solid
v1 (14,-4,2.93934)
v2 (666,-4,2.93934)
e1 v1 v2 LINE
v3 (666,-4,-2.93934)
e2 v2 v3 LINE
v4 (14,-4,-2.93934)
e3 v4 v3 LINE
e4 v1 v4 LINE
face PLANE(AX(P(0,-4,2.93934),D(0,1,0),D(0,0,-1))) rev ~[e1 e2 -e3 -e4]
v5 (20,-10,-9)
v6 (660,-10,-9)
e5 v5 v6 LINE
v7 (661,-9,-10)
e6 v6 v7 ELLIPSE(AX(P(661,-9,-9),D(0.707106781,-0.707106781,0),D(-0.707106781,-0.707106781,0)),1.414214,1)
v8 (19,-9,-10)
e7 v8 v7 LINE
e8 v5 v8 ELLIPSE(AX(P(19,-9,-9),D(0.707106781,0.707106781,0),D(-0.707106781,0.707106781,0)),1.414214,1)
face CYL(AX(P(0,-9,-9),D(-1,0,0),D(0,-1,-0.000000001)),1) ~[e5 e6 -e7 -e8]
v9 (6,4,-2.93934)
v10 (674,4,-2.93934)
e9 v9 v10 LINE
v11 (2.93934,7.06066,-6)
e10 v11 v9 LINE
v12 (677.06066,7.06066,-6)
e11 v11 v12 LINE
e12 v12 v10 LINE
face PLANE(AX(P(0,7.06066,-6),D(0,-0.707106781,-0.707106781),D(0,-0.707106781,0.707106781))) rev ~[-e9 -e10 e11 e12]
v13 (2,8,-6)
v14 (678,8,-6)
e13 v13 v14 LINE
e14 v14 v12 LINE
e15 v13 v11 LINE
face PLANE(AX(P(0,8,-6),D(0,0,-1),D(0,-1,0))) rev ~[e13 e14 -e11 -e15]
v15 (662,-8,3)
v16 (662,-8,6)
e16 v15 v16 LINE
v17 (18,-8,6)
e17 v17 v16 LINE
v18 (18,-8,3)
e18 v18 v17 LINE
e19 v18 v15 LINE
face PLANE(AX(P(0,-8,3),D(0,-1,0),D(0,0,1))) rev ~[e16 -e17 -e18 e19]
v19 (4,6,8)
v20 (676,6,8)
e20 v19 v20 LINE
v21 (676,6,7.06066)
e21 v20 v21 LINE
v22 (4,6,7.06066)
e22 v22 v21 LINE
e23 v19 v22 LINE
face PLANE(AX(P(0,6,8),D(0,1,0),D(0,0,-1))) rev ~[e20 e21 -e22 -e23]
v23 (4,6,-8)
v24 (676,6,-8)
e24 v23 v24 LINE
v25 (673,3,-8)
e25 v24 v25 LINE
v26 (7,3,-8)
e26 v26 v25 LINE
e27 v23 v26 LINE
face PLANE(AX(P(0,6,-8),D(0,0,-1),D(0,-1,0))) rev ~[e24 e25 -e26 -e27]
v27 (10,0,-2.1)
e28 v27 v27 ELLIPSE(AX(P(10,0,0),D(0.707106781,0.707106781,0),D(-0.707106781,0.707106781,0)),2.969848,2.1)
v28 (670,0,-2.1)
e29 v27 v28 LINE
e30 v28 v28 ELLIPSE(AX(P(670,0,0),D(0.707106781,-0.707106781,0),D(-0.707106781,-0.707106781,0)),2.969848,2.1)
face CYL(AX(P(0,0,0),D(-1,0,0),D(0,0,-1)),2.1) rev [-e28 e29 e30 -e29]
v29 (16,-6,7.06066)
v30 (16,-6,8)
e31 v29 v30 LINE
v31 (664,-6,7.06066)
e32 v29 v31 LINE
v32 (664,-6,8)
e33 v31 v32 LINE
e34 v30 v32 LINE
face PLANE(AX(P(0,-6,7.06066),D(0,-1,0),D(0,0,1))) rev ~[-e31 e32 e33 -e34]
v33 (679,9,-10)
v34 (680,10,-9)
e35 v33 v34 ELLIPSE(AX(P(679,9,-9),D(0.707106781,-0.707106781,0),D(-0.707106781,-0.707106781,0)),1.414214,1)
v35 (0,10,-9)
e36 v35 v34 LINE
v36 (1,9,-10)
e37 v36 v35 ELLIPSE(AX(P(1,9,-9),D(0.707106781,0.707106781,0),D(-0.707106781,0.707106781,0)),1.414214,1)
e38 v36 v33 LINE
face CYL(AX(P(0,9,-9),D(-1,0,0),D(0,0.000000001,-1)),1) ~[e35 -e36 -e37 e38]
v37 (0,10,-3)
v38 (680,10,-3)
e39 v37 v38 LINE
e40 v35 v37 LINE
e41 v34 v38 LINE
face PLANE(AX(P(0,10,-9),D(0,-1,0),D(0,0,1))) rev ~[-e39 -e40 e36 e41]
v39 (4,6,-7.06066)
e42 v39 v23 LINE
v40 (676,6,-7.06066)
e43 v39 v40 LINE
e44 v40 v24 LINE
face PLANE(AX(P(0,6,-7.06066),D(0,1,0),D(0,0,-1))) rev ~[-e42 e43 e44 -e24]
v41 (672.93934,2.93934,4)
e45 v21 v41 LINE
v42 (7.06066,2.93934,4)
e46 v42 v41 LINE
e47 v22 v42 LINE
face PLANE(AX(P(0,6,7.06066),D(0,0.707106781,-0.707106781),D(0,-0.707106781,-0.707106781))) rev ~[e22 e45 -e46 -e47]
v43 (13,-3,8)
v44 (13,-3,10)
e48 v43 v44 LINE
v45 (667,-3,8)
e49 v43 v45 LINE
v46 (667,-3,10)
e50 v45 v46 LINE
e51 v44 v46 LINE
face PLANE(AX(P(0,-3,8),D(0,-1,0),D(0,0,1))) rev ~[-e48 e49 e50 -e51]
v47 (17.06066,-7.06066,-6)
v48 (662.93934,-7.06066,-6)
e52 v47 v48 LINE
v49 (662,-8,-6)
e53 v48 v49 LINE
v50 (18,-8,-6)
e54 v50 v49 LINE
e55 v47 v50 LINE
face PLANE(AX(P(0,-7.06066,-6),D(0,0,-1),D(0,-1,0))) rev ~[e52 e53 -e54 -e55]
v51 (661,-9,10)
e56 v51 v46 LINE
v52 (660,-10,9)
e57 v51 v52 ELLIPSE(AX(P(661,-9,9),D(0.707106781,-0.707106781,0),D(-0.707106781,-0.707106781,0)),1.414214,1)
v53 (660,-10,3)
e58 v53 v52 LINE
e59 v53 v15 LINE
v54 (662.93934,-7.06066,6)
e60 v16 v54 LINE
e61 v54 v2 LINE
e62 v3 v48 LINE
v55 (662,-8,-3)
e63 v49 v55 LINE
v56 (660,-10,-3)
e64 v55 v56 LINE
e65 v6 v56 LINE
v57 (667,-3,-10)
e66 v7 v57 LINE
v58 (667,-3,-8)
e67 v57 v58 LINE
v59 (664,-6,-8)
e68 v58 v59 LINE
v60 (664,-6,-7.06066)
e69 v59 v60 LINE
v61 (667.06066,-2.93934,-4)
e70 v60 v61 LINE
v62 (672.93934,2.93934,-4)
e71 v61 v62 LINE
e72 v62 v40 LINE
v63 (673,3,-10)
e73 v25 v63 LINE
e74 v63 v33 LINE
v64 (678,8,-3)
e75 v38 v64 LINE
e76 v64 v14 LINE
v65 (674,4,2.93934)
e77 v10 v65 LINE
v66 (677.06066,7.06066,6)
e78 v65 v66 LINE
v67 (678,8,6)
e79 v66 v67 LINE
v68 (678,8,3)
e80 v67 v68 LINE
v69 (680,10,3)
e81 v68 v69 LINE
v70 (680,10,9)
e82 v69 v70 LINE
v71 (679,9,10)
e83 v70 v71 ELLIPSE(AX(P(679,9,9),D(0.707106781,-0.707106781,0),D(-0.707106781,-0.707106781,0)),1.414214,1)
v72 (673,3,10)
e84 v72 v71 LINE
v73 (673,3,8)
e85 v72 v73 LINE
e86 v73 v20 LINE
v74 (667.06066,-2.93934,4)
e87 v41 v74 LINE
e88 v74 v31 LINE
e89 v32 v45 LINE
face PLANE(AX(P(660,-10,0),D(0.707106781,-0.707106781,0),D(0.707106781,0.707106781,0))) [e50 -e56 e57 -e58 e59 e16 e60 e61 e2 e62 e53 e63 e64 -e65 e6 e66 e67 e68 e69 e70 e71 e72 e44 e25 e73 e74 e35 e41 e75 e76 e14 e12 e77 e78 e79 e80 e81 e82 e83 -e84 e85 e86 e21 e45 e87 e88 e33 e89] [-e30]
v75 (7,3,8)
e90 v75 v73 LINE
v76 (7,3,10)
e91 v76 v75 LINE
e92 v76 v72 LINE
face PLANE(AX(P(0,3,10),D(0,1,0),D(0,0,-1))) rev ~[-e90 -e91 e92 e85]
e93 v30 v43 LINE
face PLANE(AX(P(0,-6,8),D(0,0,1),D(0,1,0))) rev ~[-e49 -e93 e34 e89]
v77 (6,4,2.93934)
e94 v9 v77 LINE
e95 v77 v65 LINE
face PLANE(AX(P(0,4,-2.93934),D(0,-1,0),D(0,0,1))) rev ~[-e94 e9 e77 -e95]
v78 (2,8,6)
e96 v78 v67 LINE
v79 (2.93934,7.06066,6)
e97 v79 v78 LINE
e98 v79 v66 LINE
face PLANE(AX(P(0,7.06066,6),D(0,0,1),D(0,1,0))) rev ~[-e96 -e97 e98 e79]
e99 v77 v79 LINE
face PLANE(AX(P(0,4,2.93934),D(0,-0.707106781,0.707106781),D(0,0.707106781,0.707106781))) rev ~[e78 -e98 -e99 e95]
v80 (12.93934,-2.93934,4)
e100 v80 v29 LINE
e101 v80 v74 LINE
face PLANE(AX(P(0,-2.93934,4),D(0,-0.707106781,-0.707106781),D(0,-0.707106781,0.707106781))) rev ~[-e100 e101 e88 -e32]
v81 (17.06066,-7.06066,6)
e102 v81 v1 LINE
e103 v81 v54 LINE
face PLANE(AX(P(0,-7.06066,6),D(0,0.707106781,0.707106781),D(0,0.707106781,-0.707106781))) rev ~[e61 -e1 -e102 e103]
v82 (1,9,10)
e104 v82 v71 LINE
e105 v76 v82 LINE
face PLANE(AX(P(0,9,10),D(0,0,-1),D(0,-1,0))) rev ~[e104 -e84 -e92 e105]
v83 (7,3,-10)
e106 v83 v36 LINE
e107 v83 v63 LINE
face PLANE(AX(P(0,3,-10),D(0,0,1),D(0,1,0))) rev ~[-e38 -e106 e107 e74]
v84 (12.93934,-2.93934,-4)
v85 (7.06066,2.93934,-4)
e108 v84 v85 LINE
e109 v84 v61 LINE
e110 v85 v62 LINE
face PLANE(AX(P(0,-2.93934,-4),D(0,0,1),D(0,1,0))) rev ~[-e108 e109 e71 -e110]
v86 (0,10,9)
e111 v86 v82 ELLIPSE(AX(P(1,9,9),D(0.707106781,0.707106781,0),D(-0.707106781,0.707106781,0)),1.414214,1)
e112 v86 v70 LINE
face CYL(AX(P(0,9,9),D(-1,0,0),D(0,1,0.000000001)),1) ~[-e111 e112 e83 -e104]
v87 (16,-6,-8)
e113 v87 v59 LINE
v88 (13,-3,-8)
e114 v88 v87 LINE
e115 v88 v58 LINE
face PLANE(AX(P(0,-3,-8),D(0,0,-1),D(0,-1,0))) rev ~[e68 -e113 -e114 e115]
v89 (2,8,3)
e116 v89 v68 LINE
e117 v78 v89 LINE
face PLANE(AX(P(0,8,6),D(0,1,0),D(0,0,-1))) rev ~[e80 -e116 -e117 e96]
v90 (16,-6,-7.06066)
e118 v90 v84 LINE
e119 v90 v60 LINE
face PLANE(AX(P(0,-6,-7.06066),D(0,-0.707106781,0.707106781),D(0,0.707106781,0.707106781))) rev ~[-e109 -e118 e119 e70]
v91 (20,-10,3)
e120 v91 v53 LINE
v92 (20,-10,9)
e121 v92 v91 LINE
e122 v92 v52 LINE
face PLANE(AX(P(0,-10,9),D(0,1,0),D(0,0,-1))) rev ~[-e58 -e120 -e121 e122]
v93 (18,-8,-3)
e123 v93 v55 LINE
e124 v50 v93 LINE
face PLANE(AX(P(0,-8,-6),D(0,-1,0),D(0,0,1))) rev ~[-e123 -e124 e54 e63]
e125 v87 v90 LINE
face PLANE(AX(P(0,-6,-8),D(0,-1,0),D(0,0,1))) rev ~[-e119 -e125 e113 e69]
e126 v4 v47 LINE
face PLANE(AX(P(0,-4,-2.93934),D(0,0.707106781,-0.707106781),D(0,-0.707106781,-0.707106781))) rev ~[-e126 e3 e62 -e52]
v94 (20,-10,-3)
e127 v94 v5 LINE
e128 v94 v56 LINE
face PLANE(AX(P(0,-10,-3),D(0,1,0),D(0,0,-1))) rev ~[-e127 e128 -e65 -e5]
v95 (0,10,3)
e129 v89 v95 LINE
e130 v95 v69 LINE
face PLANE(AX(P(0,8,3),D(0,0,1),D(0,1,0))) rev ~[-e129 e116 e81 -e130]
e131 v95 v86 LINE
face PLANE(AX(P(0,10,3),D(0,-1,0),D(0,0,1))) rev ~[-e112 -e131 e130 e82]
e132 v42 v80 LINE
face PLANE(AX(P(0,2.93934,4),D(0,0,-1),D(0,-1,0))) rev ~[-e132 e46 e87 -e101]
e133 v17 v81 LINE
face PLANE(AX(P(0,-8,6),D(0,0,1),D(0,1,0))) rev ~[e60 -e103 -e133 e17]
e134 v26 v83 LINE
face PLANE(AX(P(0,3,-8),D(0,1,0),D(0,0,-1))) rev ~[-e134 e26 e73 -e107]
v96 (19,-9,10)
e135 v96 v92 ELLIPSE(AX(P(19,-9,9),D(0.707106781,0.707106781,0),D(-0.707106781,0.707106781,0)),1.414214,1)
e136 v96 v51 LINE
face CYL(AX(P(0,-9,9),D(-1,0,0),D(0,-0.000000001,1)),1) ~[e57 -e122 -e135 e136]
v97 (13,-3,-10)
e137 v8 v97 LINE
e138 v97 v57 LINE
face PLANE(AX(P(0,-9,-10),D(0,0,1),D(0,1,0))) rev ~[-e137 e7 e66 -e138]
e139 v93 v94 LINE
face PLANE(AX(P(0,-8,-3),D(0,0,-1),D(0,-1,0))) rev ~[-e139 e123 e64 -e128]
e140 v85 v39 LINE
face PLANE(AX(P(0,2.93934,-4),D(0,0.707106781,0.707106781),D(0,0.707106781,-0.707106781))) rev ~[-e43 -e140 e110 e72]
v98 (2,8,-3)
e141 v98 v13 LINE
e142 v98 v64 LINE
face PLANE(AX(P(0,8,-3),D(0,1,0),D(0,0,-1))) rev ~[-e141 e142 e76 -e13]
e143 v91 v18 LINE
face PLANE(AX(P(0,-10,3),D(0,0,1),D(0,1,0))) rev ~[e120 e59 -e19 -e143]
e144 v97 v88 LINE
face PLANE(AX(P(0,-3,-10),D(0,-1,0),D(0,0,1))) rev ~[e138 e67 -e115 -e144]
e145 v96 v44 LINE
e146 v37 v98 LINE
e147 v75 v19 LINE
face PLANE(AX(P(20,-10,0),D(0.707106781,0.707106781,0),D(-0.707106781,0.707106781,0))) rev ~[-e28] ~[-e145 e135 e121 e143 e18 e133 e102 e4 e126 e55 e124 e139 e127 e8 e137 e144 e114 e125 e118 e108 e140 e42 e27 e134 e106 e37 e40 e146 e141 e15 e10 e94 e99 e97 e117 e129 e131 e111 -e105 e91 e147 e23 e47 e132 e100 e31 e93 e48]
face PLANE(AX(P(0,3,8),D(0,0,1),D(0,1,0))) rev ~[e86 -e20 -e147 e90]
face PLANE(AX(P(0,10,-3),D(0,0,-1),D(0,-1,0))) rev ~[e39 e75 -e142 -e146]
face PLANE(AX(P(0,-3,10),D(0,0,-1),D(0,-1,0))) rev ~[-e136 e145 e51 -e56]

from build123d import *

# Parameters (mm, degrees)
SKETCH1_R           = 2.1
BOSS_EXTRUDE1_DEPTH = 680
CUT_EXTRUDE1_DEPTH  = 10
CUT_EXTRUDE2_DEPTH  = 10


with BuildPart() as part:
    # Sketch1 → Boss-Extrude1 (new body)
    with BuildSketch(Plane(origin=(0, 0, 0), x_dir=(0, 0, -1), z_dir=(1, 0, 0))):
        with BuildLine():
            Line((-10, 9), (-10, 3))
            Line((-10, 3), (-8, 3))
            Line((-8, 3), (-8, 6))
            Line((-8, 6), (-7.060660172, 6))
            Line((-7.060660172, 6), (-4, 2.939339828))
            Line((-4, 2.939339828), (-4, -2.939339828))
            Line((-4, -2.939339828), (-7.060660172, -6))
            Line((-7.060660172, -6), (-8, -6))
            Line((-8, -6), (-8, -3))
            Line((-8, -3), (-10, -3))
            Line((-10, -3), (-10, -9))
            ThreePointArc((-10, -9), (-9.707106781, -9.707106781), (-9, -10))
            Line((-9, -10), (-3, -10))
            Line((-3, -10), (-3, -8))
            Line((-3, -8), (-6, -8))
            Line((-6, -8), (-6, -7.060660172))
            Line((-6, -7.060660172), (-2.939339828, -4))
            Line((-2.939339828, -4), (2.939339828, -4))
            Line((2.939339828, -4), (6, -7.060660172))
            Line((6, -7.060660172), (6, -8))
            Line((6, -8), (3, -8))
            Line((3, -8), (3, -10))
            Line((3, -10), (9, -10))
            ThreePointArc((9, -10), (9.707106781, -9.707106781), (10, -9))
            Line((10, -9), (10, -3))
            Line((10, -3), (8, -3))
            Line((8, -3), (8, -6))
            Line((8, -6), (7.060660172, -6))
            Line((7.060660172, -6), (4, -2.939339828))
            Line((4, -2.939339828), (4, 2.939339828))
            Line((4, 2.939339828), (7.060660172, 6))
            Line((7.060660172, 6), (8, 6))
            Line((8, 6), (8, 3))
            Line((8, 3), (10, 3))
            Line((10, 3), (10, 9))
            ThreePointArc((10, 9), (9.707106781, 9.707106781), (9, 10))
            Line((9, 10), (3, 10))
            Line((3, 10), (3, 8))
            Line((3, 8), (6, 8))
            Line((6, 8), (6, 7.060660172))
            Line((6, 7.060660172), (2.939339828, 4))
            Line((2.939339828, 4), (-2.939339828, 4))
            Line((-2.939339828, 4), (-6, 7.060660172))
            Line((-6, 7.060660172), (-6, 8))
            Line((-6, 8), (-3, 8))
            Line((-3, 8), (-3, 10))
            Line((-3, 10), (-9, 10))
            ThreePointArc((-9, 10), (-9.707106781, 9.707106781), (-10, 9))
        make_face()
        Circle(SKETCH1_R, mode=Mode.SUBTRACT)
    extrude(amount=BOSS_EXTRUDE1_DEPTH)

    # Sketch28 → Cut-Extrude1 (cut, symmetric)
    with BuildSketch(Plane.XY):
        Polygon((0, 10), (0, -10), (20, -10), align=None)
    extrude(amount=CUT_EXTRUDE1_DEPTH, both=True, mode=Mode.SUBTRACT)

    # Sketch29 → Cut-Extrude2 (cut, symmetric)
    with BuildSketch(Plane.XY):
        Polygon((680, 10), (680, -10), (660, -10), align=None)
    extrude(amount=CUT_EXTRUDE2_DEPTH, both=True, mode=Mode.SUBTRACT)


solid = part.part
